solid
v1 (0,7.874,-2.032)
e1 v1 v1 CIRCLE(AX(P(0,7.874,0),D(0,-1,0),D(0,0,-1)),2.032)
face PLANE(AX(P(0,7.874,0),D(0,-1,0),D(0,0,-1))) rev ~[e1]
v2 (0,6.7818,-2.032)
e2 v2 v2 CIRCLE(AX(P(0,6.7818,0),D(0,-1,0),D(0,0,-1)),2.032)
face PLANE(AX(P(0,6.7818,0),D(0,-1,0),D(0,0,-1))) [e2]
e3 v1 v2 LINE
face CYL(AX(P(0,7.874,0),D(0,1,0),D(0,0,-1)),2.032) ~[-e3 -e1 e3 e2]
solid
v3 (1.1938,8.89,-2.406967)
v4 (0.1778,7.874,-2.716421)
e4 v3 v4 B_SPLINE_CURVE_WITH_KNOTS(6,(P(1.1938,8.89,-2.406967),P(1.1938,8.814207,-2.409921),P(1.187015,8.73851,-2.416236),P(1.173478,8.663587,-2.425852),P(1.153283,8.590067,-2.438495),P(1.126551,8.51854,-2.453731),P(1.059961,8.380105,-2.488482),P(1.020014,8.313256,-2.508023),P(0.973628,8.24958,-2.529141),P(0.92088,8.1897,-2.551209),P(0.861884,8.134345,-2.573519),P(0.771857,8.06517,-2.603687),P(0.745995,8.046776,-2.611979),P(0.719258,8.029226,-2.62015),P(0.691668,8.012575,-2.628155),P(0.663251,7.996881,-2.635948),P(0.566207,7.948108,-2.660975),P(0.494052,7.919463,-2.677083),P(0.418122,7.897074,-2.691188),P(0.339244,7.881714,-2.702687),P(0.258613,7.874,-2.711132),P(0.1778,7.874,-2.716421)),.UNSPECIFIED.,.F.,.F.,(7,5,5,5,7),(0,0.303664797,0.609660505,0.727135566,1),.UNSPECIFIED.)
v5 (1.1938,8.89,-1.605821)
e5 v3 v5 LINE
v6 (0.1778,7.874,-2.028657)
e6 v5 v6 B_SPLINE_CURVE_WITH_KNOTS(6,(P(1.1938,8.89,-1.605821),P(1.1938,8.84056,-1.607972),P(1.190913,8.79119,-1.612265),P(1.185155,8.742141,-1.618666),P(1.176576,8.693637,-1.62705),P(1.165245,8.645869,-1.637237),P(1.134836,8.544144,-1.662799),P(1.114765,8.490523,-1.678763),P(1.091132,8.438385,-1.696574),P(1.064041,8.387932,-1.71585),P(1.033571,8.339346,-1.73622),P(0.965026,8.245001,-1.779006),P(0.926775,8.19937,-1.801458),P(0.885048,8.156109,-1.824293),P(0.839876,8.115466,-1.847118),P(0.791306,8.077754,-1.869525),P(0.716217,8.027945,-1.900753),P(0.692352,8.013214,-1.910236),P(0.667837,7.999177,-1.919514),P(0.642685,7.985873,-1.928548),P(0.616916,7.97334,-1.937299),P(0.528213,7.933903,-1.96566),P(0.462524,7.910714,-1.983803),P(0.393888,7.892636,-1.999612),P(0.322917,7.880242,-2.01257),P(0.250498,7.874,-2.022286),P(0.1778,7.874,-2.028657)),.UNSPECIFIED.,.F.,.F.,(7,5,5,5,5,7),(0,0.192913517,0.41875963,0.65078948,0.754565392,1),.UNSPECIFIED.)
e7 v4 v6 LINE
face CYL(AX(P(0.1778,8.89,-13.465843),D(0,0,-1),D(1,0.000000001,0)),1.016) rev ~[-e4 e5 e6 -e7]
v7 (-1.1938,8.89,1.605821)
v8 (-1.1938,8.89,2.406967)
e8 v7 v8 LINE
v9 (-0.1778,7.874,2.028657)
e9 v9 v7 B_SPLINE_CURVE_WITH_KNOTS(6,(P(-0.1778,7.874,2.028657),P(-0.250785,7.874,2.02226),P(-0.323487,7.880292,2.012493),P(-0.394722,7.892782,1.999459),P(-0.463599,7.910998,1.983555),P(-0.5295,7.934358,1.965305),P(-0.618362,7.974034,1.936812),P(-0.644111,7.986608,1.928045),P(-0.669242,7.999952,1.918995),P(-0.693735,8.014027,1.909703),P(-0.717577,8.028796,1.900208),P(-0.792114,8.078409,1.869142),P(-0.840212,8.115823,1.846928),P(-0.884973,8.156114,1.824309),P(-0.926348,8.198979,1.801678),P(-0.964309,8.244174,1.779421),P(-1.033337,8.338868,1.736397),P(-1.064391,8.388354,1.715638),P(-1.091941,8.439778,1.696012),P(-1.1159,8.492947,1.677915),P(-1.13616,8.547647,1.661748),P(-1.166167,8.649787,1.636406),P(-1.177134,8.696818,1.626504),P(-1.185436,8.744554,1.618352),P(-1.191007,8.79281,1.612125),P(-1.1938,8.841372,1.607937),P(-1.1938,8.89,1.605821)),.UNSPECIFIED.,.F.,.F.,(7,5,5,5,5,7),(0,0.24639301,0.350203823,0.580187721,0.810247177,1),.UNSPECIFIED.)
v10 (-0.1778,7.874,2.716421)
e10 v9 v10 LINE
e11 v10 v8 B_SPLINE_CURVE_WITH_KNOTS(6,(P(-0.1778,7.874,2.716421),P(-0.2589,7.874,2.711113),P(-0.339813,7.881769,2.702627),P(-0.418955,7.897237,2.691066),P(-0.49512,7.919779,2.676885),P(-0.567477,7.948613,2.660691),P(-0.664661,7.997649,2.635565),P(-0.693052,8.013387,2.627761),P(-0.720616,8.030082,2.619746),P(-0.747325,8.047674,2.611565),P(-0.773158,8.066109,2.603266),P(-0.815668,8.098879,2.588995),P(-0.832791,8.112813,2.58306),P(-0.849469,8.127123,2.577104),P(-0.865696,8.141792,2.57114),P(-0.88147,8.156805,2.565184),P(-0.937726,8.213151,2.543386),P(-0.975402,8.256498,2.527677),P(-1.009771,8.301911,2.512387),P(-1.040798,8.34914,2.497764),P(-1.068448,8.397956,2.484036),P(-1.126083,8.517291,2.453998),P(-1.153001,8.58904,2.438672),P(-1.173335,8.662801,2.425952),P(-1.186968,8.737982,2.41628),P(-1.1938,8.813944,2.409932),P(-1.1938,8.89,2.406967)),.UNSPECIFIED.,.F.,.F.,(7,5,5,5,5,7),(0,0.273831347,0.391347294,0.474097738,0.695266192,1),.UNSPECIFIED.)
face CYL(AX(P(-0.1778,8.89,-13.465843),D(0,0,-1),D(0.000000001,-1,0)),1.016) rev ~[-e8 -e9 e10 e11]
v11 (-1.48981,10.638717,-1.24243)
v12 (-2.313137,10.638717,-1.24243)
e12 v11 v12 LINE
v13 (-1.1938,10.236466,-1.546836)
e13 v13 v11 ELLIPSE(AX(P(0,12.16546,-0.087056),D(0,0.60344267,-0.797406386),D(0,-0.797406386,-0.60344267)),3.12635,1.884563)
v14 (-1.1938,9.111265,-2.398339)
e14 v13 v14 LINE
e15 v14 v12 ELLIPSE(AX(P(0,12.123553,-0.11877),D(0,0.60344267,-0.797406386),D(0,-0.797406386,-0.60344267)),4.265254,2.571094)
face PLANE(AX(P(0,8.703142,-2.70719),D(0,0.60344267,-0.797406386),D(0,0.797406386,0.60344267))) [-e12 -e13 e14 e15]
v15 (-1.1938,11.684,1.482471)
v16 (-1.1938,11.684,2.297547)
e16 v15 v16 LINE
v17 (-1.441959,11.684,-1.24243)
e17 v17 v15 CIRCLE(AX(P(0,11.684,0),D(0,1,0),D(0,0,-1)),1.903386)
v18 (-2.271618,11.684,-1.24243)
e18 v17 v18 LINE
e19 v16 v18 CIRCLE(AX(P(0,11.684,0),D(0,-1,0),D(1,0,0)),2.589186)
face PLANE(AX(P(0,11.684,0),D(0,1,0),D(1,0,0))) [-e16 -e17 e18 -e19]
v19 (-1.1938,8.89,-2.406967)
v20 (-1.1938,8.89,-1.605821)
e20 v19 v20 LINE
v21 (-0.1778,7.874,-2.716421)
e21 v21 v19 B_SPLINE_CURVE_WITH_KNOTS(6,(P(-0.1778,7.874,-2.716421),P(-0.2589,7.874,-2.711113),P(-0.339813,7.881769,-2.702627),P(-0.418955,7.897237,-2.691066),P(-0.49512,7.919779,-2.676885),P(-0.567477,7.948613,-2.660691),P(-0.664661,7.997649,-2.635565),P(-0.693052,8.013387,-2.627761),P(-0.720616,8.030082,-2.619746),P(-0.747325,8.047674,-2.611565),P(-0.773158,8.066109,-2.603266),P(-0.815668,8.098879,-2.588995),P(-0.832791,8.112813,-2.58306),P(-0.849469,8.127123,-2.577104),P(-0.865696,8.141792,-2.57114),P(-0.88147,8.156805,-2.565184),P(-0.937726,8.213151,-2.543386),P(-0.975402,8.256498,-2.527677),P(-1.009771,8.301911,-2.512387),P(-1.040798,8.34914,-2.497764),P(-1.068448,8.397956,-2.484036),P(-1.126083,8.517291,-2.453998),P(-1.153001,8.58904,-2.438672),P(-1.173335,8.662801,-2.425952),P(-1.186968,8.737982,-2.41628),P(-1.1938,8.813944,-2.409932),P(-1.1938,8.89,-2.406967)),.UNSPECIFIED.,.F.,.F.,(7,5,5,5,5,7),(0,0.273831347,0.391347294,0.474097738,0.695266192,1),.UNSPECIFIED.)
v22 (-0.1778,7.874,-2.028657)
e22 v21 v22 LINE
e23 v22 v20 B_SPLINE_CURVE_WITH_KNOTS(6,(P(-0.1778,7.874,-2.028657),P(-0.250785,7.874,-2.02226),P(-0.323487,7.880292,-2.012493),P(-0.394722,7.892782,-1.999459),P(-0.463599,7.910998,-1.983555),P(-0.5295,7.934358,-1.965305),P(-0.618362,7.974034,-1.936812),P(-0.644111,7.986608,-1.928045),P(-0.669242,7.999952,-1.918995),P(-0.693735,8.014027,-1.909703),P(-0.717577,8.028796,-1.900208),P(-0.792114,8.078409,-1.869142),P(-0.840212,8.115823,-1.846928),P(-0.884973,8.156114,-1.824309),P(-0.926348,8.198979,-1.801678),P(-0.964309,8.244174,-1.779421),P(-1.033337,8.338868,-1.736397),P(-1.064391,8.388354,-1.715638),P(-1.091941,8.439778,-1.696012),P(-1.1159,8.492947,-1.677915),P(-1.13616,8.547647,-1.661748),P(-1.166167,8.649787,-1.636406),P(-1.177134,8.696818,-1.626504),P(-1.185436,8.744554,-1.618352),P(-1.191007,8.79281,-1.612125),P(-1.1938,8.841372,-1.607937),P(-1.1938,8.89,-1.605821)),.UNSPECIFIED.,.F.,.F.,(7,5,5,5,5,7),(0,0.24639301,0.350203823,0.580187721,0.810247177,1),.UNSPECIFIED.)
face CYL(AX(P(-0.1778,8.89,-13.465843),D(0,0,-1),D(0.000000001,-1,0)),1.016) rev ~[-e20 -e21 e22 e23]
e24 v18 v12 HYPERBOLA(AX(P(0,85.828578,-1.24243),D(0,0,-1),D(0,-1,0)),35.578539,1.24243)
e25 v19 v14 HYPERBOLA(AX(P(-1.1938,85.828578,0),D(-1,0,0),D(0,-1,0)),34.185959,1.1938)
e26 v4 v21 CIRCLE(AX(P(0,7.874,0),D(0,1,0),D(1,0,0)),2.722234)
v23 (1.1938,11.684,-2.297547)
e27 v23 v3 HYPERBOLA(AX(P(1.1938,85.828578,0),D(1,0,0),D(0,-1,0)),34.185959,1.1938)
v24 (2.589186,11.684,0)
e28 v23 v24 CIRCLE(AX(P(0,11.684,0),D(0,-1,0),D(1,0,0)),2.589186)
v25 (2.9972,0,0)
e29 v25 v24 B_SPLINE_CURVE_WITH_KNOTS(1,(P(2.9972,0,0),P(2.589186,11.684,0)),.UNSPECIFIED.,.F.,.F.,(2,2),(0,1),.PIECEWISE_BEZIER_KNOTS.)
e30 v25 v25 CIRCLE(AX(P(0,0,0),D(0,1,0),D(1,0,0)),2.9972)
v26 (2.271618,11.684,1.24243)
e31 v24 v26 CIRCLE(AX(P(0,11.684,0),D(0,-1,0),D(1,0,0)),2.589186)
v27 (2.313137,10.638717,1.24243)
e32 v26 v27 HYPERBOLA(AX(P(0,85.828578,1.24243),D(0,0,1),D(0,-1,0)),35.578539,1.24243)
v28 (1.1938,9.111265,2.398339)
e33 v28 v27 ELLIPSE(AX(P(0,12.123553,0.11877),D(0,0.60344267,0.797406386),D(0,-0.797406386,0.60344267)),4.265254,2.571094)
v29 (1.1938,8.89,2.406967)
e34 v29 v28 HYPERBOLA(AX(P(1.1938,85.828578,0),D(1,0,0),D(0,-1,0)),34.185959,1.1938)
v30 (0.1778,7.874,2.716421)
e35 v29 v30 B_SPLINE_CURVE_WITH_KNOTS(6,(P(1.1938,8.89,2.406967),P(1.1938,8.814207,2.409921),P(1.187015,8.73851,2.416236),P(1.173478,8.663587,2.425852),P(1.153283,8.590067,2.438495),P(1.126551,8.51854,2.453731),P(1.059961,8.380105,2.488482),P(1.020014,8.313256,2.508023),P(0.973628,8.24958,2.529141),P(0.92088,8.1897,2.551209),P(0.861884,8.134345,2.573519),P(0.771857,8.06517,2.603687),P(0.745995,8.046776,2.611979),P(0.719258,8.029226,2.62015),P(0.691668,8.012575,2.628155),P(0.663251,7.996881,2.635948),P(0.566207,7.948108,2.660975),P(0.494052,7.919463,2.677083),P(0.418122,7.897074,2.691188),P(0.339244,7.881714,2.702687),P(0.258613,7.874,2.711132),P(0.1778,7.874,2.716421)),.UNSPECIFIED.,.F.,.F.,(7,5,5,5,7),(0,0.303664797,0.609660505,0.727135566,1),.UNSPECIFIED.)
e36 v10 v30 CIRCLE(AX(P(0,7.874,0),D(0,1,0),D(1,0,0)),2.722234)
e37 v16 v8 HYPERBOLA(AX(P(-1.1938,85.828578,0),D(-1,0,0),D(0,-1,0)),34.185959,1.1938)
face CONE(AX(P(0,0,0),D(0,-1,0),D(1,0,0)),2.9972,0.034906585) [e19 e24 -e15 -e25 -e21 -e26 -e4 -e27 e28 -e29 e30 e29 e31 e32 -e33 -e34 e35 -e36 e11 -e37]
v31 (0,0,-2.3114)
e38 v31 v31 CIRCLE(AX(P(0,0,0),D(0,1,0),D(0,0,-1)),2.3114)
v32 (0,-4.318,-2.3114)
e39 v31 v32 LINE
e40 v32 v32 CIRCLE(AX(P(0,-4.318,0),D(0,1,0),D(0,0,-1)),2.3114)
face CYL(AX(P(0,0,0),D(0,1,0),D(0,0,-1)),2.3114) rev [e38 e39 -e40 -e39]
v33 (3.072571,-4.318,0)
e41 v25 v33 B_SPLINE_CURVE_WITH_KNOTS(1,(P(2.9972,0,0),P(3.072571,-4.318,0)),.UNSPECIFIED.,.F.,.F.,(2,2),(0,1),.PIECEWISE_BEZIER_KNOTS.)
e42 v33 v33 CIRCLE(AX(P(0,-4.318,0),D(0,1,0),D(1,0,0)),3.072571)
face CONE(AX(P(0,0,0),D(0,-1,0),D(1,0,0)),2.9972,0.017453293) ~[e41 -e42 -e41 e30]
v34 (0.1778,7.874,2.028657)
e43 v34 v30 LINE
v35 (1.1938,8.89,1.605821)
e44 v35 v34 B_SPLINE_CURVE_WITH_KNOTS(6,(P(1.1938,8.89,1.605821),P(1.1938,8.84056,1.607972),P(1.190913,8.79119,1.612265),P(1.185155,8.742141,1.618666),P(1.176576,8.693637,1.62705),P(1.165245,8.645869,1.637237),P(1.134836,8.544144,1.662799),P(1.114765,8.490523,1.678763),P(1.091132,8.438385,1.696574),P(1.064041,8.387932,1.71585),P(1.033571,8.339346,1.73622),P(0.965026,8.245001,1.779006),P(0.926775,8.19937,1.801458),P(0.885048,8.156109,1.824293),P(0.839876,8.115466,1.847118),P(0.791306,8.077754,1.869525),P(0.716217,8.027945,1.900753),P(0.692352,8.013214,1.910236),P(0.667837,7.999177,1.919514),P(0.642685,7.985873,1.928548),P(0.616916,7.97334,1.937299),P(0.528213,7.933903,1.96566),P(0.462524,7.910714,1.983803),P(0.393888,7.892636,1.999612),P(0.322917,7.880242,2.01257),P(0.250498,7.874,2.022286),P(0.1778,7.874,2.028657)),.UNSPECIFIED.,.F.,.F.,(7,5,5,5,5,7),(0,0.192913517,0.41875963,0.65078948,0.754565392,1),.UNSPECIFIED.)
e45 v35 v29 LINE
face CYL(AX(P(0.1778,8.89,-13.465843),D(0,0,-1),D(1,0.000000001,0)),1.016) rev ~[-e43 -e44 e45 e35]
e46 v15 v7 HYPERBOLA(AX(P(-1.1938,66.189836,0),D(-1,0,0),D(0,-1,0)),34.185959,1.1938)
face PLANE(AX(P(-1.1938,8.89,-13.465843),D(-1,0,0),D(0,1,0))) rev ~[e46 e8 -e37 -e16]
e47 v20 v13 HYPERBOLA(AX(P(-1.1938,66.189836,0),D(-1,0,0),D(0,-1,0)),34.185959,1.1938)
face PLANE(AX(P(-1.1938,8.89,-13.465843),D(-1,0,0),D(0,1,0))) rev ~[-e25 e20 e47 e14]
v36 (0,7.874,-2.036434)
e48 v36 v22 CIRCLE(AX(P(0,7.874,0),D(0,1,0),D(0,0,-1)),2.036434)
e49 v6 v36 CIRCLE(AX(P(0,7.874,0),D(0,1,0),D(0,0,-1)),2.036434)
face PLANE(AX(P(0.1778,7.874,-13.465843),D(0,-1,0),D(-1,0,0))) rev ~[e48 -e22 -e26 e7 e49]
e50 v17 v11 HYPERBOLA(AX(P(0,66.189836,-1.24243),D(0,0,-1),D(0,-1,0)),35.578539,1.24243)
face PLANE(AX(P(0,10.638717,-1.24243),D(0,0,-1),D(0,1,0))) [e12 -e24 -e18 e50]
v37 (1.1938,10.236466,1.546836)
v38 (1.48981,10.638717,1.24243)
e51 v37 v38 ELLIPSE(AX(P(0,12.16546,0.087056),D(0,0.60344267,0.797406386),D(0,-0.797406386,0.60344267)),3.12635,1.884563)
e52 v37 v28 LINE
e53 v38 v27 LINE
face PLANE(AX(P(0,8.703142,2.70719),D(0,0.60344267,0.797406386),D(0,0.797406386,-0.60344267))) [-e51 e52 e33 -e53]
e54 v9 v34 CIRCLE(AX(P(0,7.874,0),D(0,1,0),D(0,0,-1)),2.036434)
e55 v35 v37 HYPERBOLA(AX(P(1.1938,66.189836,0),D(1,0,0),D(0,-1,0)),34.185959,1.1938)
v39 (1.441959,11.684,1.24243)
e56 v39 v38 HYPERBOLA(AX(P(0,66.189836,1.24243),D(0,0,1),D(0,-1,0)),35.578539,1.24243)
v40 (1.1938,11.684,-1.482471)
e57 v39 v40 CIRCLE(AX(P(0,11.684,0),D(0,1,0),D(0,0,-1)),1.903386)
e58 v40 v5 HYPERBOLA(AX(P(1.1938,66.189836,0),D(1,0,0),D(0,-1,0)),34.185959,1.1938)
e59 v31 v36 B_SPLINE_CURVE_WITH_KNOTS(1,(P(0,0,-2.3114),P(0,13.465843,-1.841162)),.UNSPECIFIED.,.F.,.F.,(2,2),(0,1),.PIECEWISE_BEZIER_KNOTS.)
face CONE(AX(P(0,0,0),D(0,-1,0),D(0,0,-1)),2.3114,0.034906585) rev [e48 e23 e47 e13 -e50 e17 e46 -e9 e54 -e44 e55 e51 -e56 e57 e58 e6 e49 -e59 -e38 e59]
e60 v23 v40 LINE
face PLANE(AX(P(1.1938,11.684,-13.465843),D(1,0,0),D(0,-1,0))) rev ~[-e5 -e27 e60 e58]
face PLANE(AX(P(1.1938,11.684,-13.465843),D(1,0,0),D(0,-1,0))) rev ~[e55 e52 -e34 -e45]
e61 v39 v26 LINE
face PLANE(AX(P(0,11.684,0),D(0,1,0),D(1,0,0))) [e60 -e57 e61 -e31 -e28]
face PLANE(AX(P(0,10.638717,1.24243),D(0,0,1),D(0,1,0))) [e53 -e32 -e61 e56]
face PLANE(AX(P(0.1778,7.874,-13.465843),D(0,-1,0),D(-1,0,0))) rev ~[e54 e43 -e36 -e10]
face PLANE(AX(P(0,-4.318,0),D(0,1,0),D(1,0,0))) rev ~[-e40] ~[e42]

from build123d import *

# Parameters (mm, degrees)
SKETCH1_R                   = 2.9972
INSERT_DEPTH                = 11.684
INSERT_TAPER                = 2
INSERT_OTHER_WAY_DEPTH      = 4.318
INSERT_OTHER_WAY_TAPER      = -1
SKETCH2_R                   = 2.3114
INSERT_BORE_DEPTH           = 13.465843104
INSERT_BORE_TAPER           = 2
INSERT_BORE_OTHER_WAY_DEPTH = 13.465843104
PASS_CUT_DEPTH              = 13.465843104
PASS_CUT_DEPTH_BACK         = 13.465843104
PASS_CHIP_DEPTH             = 13.465843104
CIRPATTERN1_COUNT           = 2
SKETCH5_R                   = 2.032
BOSS_EXTRUDE1_DEPTH         = 1.0922


with BuildPart() as part:
    # Sketch1 → insert (new body)
    with BuildSketch(Plane(origin=(0, 0, 0), x_dir=(1, 0, 0), z_dir=(0, 1, 0))):
        Circle(SKETCH1_R)
    extrude(amount=INSERT_DEPTH, taper=INSERT_TAPER)

    # Sketch1 → insert other way (add)
    with BuildSketch(Plane(origin=(0, 0, 0), x_dir=(1, 0, 0), z_dir=(0, 1, 0))):
        Circle(SKETCH1_R)
    extrude(amount=-INSERT_OTHER_WAY_DEPTH, taper=INSERT_OTHER_WAY_TAPER)

    # Sketch2 → insert bore (cut)
    with BuildSketch(Plane.XZ):
        with Locations(Location((0, 0, 0), (0, 0, 270))):
            Circle(SKETCH2_R)
    extrude(amount=-INSERT_BORE_DEPTH, taper=INSERT_BORE_TAPER, mode=Mode.SUBTRACT)

    # Sketch2 → insert bore other way (cut)
    with BuildSketch(Plane.XZ):
        with Locations(Location((0, 0, 0), (0, 0, 270))):
            Circle(SKETCH2_R)
    extrude(amount=INSERT_BORE_OTHER_WAY_DEPTH, mode=Mode.SUBTRACT)

    # Sketch3 → pass cut (cut, two sides: drawn at the far end of the back side and taken through both)
    with BuildSketch(Plane.XY.offset(-PASS_CUT_DEPTH_BACK)):
        with BuildLine():
            Line((-1.1938, 11.684), (1.1938, 11.684))
            Line((1.1938, 11.684), (1.1938, 8.89))
            ThreePointArc((1.1938, 8.89), (0.89622049, 8.17157951), (0.1778, 7.874))
            Line((0.1778, 7.874), (-0.1778, 7.874))
            ThreePointArc((-0.1778, 7.874), (-0.89622049, 8.17157951), (-1.1938, 8.89))
            Line((-1.1938, 8.89), (-1.1938, 11.684))
        make_face()
    extrude(amount=PASS_CUT_DEPTH + PASS_CUT_DEPTH_BACK, mode=Mode.SUBTRACT)

    # Sketch4 → pass chip (cut, through all)
    with BuildSketch(Plane(origin=(0, 0, 0), x_dir=(0, 0, -1), z_dir=(1, 0, 0))):
        Polygon((1.242429972, 11.684), (2.707189518, 11.684), (2.707189518, 8.703141678), (1.242429972, 10.638716792), align=None)
    pass_chip = extrude(amount=-PASS_CHIP_DEPTH, mode=Mode.SUBTRACT)

    # CirPattern1: pass chip ×2 about axis
    cirpattern1_axis = Axis((0, -4.318, 0), (0, 1, 0))
    for i in range(1, CIRPATTERN1_COUNT):
        add(pass_chip.rotate(cirpattern1_axis, i * 360 / CIRPATTERN1_COUNT), mode=Mode.SUBTRACT)


with BuildPart() as body_2:
    # Sketch5 → Boss-Extrude1 (new body)
    with BuildSketch(Plane(origin=(0, 7.874, 0), x_dir=(-1, 0, 0), z_dir=(0, -1, 0))):
        with Locations(Location((0, 0, 0), (0, 0, 90))):
            Circle(SKETCH5_R)
    extrude(amount=BOSS_EXTRUDE1_DEPTH)


solid = Compound([part.part, body_2.part])
